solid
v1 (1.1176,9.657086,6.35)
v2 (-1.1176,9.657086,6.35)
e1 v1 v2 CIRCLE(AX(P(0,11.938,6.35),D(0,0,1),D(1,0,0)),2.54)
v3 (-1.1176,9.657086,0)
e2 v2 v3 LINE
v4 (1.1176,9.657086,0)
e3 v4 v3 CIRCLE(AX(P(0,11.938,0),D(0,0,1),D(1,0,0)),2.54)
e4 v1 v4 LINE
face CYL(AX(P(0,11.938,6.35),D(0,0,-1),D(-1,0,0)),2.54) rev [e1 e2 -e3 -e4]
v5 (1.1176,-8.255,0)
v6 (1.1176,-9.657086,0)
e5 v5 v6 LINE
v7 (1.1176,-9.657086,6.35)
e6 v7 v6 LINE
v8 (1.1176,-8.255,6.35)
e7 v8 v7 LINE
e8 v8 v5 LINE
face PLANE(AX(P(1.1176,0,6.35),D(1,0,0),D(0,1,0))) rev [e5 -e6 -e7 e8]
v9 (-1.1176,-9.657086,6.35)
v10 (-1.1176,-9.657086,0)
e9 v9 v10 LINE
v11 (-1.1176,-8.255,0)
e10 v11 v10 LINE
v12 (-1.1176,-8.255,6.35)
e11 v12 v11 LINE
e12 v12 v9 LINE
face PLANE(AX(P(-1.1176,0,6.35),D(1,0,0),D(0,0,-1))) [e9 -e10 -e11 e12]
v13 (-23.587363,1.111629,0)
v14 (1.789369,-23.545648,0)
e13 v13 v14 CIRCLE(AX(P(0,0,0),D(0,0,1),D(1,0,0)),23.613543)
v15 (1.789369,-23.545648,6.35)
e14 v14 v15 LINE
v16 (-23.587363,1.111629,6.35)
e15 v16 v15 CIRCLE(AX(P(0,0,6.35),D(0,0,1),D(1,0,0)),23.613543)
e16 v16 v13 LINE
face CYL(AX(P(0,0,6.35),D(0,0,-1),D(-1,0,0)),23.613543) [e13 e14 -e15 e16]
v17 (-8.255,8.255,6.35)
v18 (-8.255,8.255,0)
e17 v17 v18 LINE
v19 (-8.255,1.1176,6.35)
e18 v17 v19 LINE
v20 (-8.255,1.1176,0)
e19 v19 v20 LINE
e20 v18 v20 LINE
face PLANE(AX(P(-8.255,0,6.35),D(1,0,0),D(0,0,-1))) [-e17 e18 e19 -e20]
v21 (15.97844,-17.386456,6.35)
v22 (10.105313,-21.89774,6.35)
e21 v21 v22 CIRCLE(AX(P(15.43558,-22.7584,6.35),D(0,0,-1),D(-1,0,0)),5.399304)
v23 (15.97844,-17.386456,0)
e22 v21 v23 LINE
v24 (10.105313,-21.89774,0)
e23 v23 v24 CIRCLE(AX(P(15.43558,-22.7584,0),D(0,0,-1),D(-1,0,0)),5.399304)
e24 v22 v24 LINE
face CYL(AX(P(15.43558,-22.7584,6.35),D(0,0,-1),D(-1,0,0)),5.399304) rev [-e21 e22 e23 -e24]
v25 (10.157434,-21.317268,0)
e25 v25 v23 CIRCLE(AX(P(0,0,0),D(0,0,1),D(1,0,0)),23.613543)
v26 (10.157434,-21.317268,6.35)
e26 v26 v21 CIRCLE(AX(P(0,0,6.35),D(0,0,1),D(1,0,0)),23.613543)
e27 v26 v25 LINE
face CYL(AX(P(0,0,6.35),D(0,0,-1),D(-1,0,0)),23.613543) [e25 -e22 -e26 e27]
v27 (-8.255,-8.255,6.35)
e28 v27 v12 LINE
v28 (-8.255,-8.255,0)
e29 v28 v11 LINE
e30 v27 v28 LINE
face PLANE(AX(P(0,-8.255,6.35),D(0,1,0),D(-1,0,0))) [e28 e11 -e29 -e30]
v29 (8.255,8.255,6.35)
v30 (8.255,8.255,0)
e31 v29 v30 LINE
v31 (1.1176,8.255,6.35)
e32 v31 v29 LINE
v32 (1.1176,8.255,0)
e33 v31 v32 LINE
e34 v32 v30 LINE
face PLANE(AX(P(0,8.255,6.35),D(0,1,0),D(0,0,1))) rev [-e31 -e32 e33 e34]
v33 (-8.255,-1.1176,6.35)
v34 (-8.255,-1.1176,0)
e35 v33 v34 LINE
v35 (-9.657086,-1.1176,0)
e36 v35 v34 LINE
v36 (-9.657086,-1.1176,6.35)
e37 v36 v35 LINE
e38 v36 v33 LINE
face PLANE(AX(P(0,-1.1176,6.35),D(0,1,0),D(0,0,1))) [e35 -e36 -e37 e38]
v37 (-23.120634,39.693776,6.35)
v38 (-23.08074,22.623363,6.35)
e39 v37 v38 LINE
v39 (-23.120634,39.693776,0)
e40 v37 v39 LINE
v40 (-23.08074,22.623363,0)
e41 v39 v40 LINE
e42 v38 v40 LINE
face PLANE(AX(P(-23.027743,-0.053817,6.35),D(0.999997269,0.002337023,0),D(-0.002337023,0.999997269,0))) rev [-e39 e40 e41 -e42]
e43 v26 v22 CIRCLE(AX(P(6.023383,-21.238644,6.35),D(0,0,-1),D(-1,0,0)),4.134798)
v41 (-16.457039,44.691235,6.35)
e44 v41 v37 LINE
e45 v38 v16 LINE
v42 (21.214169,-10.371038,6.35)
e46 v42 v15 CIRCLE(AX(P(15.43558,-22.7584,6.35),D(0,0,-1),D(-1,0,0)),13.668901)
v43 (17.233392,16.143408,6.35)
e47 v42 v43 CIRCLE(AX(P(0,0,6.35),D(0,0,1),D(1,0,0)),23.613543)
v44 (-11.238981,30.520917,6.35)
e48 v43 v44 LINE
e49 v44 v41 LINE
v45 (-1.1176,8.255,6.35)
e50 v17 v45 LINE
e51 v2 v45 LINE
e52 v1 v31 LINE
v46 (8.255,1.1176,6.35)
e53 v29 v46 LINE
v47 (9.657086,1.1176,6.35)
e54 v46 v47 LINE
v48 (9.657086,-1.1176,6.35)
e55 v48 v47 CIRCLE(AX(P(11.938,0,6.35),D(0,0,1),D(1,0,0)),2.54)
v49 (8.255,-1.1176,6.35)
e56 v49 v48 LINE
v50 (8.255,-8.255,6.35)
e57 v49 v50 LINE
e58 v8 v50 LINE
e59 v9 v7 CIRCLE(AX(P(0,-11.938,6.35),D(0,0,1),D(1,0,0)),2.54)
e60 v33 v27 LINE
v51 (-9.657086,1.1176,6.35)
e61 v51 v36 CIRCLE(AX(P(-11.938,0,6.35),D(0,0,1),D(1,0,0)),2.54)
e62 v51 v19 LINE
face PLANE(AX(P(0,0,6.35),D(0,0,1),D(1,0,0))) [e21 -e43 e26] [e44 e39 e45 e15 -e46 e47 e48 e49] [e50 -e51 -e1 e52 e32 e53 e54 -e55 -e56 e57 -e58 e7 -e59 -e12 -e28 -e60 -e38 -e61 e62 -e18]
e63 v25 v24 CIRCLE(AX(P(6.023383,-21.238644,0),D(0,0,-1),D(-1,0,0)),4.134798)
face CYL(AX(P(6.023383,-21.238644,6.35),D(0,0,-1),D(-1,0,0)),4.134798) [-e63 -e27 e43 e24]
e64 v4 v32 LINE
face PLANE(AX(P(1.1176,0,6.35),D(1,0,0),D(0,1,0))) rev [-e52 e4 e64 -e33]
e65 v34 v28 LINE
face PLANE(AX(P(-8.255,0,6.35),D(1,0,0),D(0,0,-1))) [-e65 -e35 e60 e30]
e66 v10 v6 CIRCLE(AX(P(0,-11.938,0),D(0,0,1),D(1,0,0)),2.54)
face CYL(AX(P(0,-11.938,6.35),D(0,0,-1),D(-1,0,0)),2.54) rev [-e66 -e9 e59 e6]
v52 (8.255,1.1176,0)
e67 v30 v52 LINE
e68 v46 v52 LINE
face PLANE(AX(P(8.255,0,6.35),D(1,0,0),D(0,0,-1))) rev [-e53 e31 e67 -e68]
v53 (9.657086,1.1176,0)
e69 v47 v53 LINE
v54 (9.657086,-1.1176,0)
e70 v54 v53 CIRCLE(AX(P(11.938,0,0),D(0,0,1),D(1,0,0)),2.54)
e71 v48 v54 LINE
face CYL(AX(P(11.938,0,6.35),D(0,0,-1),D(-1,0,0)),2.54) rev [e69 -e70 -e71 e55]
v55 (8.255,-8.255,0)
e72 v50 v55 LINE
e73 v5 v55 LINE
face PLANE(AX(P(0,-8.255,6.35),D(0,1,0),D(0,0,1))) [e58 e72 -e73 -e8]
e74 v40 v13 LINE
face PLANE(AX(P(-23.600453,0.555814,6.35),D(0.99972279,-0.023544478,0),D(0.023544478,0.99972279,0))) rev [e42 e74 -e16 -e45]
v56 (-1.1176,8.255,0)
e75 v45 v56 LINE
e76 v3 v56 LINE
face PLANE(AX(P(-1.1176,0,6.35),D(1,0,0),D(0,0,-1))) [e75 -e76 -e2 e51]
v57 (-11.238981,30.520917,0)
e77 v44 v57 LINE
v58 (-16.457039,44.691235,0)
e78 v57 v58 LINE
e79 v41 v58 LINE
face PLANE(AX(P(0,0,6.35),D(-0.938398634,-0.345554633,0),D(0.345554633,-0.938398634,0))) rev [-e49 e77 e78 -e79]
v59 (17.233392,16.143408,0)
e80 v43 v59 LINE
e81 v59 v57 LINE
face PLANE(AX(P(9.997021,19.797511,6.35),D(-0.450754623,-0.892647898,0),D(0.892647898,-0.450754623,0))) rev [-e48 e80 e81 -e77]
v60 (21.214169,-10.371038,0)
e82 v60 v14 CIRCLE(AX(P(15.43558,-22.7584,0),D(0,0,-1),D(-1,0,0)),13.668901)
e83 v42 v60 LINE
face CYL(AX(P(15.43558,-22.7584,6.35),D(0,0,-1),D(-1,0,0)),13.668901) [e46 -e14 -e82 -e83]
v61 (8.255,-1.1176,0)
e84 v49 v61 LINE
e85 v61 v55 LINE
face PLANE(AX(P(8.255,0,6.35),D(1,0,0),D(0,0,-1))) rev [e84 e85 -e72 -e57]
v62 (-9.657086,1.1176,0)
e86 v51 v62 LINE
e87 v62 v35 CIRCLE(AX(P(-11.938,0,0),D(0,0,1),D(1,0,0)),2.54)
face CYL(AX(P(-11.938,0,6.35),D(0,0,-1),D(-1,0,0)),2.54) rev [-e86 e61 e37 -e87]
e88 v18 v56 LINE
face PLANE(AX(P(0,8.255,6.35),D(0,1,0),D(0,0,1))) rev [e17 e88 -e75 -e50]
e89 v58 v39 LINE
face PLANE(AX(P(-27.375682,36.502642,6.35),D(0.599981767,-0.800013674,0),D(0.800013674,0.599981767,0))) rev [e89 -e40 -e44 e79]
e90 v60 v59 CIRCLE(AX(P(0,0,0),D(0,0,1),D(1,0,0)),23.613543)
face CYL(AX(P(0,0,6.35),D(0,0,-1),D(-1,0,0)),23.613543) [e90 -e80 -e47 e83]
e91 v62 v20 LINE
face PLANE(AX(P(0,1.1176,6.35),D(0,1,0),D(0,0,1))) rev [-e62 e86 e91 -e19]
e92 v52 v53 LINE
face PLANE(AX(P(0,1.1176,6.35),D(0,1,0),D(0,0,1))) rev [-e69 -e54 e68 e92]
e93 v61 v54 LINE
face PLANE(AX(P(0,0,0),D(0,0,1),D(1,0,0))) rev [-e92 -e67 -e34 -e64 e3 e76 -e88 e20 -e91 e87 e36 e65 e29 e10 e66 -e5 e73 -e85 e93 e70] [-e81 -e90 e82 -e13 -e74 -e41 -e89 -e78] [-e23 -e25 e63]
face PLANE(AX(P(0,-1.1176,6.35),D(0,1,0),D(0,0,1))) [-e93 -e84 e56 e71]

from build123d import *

# Parameters (mm, degrees)
BOSS_EXTRUDE1_DEPTH = 6.35
BOSS_EXTRUDE3_DEPTH = 6.35


with BuildPart() as part:
    # Sketch1 → Boss-Extrude1 (new body)
    with BuildSketch(Plane.XY):
        with BuildLine():
            Line((-23.080739782, 22.623363343), (-23.587362778, 1.111628824))
            ThreePointArc((-23.587362778, 1.111628824), (8.159769108, -22.158916254), (17.23339163, 16.143407769))
            Line((17.23339163, 16.143407769), (-11.238980923, 30.520917168))
            Line((-11.238980923, 30.520917168), (-16.457039411, 44.691234922))
            Line((-16.457039411, 44.691234922), (-23.120633834, 39.693776399))
            Line((-23.120633834, 39.693776399), (-23.080739782, 22.623363343))
        make_face()
        with BuildLine():
            ThreePointArc((1.1176, 9.657085657), (0, 14.478), (-1.1176, 9.657085657))
            Line((-1.1176, 9.657085657), (-1.1176, 8.255))
            Line((-1.1176, 8.255), (-8.255, 8.255))
            Line((-8.255, 8.255), (-8.255, 1.1176))
            Line((-8.255, 1.1176), (-9.657085657, 1.1176))
            ThreePointArc((-9.657085657, 1.1176), (-14.478, 0), (-9.657085657, -1.1176))
            Line((-9.657085657, -1.1176), (-8.255, -1.1176))
            Line((-8.255, -1.1176), (-8.255, -8.255))
            Line((-8.255, -8.255), (-1.1176, -8.255))
            Line((-1.1176, -8.255), (-1.1176, -9.657085657))
            ThreePointArc((-1.1176, -9.657085657), (0, -14.478), (1.1176, -9.657085657))
            Line((1.1176, -9.657085657), (1.1176, -8.255))
            Line((1.1176, -8.255), (8.255, -8.255))
            Line((8.255, -8.255), (8.255, -1.1176))
            Line((8.255, -1.1176), (9.657085657, -1.1176))
            ThreePointArc((9.657085657, -1.1176), (14.478, 0), (9.657085657, 1.1176))
            Line((9.657085657, 1.1176), (8.255, 1.1176))
            Line((8.255, 1.1176), (8.255, 8.255))
            Line((8.255, 8.255), (1.1176, 8.255))
            Line((1.1176, 8.255), (1.1176, 9.657085657))
        make_face(mode=Mode.SUBTRACT)
    extrude(amount=BOSS_EXTRUDE1_DEPTH)

    # Sketch2 → Boss-Extrude3 (add)
    with BuildSketch(Plane(origin=(0, 0, 0), x_dir=(-1, 0, 0), z_dir=(0, 0, -1))):
        with BuildLine():
            ThreePointArc((-13.902877587, -9.175702687), (-24.867617177, -32.651605631), (-1.941453441, -20.57954907))
            ThreePointArc((-1.941453441, -20.57954907), (-6.682478708, -17.156714595), (-10.105313182, -21.897739863))
            ThreePointArc((-10.105313182, -21.897739863), (-19.161295375, -26.666279881), (-14.830152685, -17.393147165))
            ThreePointArc((-14.830152685, -17.393147165), (-10.257792897, -13.748062475), (-13.902877587, -9.175702687))
        make_face()
    extrude(amount=-BOSS_EXTRUDE3_DEPTH)


solid = part.part
